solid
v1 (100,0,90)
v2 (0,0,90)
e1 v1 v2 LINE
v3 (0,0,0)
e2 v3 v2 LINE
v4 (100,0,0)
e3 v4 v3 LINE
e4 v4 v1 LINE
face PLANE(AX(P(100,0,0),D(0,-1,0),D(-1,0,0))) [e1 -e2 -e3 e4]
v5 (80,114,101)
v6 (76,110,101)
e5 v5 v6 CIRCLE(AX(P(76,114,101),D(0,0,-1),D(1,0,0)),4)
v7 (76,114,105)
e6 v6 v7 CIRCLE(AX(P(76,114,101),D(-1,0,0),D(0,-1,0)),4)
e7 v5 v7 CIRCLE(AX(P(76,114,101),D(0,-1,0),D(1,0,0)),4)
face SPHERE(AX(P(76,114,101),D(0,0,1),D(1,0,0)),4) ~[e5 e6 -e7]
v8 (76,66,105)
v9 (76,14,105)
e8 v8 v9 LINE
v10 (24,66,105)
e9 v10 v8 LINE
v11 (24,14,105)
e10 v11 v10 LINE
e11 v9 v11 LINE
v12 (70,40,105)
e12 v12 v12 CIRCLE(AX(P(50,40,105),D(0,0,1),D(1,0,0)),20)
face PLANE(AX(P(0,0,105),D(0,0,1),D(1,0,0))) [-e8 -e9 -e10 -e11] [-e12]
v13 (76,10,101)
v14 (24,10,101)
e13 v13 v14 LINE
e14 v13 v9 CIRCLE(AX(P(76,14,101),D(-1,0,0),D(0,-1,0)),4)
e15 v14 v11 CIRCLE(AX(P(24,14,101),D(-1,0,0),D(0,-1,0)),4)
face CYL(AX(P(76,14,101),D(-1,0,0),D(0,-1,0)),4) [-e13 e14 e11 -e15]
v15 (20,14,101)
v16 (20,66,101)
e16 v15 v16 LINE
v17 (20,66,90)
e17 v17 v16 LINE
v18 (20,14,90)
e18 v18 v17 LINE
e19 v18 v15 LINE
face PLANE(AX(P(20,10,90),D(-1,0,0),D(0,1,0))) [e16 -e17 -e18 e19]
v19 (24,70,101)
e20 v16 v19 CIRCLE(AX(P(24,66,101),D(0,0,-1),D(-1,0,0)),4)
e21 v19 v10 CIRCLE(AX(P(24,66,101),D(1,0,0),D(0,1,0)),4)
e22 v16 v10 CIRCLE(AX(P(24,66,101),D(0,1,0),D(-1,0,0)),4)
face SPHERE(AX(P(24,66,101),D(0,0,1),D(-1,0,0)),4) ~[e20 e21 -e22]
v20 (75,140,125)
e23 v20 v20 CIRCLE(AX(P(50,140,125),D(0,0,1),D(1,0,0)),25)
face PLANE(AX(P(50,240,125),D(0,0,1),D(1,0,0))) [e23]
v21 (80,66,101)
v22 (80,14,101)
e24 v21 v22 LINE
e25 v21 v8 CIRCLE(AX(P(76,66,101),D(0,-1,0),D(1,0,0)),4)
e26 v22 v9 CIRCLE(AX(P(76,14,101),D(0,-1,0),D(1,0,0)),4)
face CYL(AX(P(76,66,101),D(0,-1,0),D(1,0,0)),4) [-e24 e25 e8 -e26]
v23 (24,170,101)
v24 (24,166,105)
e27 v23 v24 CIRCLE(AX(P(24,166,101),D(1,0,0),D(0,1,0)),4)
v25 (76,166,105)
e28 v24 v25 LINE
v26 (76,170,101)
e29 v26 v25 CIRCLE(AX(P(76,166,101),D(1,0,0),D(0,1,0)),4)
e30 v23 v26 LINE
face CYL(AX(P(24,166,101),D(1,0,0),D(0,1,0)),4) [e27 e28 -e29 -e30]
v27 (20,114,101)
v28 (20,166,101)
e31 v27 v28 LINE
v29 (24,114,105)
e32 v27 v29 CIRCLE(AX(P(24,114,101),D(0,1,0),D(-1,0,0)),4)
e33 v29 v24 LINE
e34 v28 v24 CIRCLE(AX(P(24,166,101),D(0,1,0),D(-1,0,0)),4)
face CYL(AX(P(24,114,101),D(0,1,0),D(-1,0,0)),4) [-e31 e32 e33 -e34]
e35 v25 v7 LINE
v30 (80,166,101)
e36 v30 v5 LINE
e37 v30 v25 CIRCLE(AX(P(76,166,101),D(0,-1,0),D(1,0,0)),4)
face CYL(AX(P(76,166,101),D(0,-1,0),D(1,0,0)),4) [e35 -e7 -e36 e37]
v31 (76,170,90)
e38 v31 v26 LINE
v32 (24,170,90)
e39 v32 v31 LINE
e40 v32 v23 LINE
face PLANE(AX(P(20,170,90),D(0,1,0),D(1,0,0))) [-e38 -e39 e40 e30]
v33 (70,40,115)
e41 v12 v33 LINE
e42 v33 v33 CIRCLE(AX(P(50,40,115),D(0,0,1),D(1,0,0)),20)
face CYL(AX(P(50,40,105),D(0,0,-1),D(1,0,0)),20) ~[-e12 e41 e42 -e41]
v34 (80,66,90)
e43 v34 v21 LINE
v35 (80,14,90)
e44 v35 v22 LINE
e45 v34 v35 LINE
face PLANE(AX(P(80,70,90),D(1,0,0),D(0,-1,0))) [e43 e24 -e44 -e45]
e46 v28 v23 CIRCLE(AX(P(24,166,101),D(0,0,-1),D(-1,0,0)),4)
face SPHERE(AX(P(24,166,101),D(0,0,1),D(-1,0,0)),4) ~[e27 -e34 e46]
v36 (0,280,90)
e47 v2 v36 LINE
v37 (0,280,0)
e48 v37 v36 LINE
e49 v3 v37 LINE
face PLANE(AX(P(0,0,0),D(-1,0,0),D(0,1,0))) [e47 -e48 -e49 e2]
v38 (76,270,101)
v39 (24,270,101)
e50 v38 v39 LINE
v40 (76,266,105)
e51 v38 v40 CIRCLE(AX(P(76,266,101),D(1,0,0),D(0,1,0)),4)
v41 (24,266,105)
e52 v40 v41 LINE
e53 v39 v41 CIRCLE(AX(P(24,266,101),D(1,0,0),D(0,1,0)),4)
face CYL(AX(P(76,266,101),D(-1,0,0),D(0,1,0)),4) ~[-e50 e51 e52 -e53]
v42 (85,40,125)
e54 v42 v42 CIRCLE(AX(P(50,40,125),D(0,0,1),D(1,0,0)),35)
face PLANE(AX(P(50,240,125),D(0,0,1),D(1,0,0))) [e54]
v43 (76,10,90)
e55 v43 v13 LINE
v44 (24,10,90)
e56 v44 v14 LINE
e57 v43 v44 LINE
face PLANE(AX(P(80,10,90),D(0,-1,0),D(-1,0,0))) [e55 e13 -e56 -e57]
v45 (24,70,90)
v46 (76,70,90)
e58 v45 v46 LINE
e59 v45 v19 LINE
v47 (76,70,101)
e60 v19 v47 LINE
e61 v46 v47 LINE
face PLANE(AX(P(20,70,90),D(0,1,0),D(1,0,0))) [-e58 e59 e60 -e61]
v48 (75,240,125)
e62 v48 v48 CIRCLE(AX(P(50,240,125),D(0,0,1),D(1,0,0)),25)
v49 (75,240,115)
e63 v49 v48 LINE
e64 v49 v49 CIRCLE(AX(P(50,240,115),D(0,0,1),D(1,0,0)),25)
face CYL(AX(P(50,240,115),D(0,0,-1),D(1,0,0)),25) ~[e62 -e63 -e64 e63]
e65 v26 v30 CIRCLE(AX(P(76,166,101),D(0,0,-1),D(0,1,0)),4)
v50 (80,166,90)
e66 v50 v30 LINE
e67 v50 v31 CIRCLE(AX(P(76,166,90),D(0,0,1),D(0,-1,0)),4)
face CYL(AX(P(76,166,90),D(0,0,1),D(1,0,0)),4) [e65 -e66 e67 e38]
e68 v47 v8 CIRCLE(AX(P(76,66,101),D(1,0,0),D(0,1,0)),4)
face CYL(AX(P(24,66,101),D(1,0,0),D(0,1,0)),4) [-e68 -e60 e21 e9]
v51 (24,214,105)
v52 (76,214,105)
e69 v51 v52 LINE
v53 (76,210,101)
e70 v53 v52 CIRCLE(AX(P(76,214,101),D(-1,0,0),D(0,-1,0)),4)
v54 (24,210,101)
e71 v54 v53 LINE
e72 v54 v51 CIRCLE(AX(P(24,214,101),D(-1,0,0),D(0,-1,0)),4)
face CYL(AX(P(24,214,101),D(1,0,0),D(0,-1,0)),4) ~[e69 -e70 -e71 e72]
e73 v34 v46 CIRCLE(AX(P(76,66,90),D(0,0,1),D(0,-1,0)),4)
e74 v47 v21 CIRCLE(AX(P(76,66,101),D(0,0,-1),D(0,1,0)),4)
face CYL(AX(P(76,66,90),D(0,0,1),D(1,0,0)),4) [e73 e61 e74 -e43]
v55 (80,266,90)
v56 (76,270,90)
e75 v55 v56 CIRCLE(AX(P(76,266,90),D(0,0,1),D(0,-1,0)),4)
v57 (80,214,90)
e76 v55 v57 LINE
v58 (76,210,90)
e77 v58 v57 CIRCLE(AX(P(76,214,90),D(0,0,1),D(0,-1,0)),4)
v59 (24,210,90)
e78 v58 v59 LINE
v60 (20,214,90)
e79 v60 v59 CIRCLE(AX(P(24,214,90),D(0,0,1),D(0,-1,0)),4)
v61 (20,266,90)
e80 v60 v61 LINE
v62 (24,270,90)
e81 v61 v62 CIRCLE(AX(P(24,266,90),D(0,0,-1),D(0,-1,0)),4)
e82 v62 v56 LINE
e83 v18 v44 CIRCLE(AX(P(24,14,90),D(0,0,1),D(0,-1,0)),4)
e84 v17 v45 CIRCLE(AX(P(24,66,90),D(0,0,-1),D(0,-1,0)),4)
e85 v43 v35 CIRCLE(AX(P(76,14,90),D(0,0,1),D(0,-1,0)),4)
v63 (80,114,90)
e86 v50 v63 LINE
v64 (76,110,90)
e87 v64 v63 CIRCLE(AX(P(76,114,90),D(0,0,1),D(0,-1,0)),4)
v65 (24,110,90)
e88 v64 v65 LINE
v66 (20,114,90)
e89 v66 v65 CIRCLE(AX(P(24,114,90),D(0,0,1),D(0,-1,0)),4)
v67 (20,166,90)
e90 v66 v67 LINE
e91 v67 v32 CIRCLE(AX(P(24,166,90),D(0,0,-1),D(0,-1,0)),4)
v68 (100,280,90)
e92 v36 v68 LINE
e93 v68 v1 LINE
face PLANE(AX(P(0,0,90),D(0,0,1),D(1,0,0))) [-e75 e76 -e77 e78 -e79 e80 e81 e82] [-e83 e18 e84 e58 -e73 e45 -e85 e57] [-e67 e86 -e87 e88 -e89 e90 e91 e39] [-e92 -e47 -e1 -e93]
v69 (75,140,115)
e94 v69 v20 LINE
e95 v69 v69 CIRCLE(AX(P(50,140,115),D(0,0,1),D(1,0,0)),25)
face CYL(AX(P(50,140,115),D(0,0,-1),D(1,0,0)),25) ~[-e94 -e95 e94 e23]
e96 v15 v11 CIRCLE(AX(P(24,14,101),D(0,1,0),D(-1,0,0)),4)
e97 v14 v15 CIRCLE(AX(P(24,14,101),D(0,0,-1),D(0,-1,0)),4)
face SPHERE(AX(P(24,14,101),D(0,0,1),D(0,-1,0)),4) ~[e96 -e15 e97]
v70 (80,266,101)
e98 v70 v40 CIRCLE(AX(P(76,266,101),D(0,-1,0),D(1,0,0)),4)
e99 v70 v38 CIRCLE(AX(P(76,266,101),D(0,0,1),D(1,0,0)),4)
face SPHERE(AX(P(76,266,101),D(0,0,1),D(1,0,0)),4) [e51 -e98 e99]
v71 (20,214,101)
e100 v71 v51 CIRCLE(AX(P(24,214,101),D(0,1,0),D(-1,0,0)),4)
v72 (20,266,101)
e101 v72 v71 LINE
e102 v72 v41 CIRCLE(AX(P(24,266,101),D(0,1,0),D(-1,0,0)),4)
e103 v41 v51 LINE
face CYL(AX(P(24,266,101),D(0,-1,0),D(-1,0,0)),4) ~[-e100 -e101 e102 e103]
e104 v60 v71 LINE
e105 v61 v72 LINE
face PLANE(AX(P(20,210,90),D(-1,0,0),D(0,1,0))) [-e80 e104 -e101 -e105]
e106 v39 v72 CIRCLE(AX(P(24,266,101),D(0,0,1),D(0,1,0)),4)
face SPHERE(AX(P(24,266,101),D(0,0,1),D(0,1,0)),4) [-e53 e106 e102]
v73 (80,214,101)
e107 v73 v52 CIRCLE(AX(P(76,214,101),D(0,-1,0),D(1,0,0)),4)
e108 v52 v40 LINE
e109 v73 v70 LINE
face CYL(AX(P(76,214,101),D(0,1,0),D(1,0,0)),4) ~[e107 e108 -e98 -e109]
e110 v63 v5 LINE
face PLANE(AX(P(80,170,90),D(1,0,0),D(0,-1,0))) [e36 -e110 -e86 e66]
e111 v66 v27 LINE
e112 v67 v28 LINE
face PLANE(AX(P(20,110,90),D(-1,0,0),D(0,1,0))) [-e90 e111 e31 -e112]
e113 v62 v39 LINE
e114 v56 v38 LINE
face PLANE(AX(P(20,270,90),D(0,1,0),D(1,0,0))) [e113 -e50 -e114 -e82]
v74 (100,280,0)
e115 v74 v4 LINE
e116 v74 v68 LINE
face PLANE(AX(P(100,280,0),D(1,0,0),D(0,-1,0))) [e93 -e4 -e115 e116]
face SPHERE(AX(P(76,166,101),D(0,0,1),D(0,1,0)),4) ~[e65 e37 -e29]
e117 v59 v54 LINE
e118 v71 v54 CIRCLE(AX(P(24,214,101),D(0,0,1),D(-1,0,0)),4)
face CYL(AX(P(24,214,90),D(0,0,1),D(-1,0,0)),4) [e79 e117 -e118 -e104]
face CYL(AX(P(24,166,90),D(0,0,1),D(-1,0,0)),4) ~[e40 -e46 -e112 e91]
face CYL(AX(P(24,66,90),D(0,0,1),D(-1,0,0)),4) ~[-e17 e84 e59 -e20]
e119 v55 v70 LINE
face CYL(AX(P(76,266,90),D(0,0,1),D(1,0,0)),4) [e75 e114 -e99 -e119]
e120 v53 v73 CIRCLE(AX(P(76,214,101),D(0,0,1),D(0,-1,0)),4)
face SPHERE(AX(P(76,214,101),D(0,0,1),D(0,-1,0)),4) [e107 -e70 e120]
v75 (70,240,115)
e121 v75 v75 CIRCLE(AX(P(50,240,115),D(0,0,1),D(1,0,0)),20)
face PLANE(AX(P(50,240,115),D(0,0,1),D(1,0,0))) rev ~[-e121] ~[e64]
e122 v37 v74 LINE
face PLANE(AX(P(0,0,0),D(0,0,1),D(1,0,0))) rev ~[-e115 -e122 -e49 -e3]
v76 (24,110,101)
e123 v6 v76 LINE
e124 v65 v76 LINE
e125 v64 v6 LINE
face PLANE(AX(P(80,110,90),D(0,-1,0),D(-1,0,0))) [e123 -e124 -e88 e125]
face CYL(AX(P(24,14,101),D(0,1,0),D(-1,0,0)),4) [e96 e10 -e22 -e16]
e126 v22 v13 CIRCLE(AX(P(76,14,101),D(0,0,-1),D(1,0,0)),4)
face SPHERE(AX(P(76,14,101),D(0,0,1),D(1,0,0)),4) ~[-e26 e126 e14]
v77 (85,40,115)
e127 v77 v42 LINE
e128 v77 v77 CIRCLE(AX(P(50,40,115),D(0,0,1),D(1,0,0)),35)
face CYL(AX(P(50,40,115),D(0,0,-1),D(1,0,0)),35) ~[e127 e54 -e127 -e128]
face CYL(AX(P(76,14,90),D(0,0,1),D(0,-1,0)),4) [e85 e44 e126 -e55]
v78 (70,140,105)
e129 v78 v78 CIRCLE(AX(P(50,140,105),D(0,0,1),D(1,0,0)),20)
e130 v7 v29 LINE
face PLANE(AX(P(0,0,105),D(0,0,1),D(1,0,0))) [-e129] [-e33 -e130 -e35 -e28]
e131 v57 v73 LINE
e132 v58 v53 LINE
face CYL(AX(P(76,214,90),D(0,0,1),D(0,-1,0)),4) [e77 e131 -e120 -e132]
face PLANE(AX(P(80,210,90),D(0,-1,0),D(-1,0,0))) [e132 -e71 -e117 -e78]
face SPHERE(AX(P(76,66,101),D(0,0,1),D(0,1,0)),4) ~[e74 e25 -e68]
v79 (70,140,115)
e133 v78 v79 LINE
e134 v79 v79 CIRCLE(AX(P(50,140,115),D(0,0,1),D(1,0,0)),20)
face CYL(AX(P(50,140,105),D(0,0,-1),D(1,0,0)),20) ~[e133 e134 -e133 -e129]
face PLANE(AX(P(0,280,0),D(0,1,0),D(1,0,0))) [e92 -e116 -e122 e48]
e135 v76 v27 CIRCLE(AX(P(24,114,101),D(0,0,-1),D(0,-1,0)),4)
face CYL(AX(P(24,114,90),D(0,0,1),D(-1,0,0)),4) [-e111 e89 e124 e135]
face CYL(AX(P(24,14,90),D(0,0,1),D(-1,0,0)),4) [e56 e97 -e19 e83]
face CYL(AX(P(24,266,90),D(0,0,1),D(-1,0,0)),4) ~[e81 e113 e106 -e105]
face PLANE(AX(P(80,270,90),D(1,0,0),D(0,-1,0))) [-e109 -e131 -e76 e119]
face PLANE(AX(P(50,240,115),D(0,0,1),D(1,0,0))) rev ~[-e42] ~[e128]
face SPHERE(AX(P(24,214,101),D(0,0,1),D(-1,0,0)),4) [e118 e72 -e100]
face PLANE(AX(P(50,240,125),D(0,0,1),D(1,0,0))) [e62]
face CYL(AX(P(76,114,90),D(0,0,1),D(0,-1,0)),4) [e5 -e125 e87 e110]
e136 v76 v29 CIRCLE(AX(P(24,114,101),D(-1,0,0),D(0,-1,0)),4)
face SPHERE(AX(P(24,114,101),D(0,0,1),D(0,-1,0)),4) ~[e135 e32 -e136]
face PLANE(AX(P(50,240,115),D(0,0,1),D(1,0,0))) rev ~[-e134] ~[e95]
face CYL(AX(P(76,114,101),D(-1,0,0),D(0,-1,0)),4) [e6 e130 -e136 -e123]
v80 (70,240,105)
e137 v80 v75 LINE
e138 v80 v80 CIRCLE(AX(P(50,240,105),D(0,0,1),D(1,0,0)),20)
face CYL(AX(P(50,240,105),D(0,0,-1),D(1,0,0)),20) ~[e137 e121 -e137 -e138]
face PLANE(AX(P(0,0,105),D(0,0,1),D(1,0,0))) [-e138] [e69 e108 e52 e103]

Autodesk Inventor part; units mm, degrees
ref_plane "YZ Plane" through (0, 0, 0) normal (1, 0, 0) x (0, 1, 0)
ref_plane "XZ Plane" through (0, 0, 0) normal (0, 1, 0) x (-1, 0, 0)
ref_plane "XY Plane" through (0, 0, 0) normal (0, 0, 1) x (1, 0, 0)
sketch "Sketch1" plane through (0, 0, 0) normal (0, 0, 1) x (1, 0, 0)
  line L0 (0, 280) -> (100, 280)
  line L1 (100, 280) -> (100, 0)
  line L2 (100, 0) -> (0, 0)
  line L3 (0, 0) -> (0, 280)
  dimension "d0" = 280
  dimension "d1" = 100
extrude "Extrusion1" add sketch "Sketch1" along normal blind 90
sketch "Sketch2" plane through (0, 0, 90) normal (0, 0, 1) x (1, 0, 0)
  line L0 (20, 270) -> (80, 270)
  line L1 (80, 270) -> (80, 210)
  line L2 (80, 210) -> (20, 210)
  line L3 (20, 210) -> (20, 270)
  line L4 (20, 170) -> (80, 170)
  line L5 (80, 170) -> (80, 110)
  line L6 (80, 110) -> (20, 110)
  line L7 (20, 110) -> (20, 170)
  line L8 (20, 70) -> (80, 70)
  line L9 (80, 70) -> (80, 10)
  line L10 (80, 10) -> (20, 10)
  line L11 (20, 10) -> (20, 70)
  point P0 (0, 0)
  dimension "d4" = 20
  dimension "d5" = 80
  dimension "d6" = 270
  dimension "d7" = 210
  dimension "d8" = 10
  dimension "d9" = 70
  dimension "d10" = 110
  dimension "d11" = 170
extrude "Extrusion2" add sketch "Sketch2" along normal blind 15
fillet "Fillet1" radius 4 12 edges at (80, 270, 97.5) (80, 170, 97.5) (80, 70, 97.5) (80, 210, 97.5) (80, 110, 97.5) (80, 10, 97.5) (20, 270, 97.5) (20, 210, 97.5) (20, 170, 97.5) (20, 110, 97.5) (20, 70, 97.5) (20, 10, 97.5)
fillet "Fillet2" radius 4 24 edges at (78.8284, 268.8284, 105) (50, 270, 105) (21.1716, 268.8284, 105) (20, 240, 105) (21.1716, 211.1716, 105) (50, 210, 105) (78.8284, 211.1716, 105) (80, 240, 105) (21.1716, 168.8284, 105) (20, 140, 105) (21.1716, 111.1716, 105) (50, 110, 105) (78.8284, 111.1716, 105) (80, 140, 105) (78.8284, 168.8284, 105) (50, 170, 105) (21.1716, 68.8284, 105) (20, 40, 105) (21.1716, 11.1716, 105) (50, 10, 105) (78.8284, 11.1716, 105) (80, 40, 105) (78.8284, 68.8284, 105) (50, 70, 105)
sketch "Sketch3" plane through (0, 0, 105) normal (0, 0, 1) x (1, 0, 0)
  circle A0 centre (50, 240) radius 20
  line L0 (0, 336) -> (0, -56) projected
  circle A1 centre (50, 140) radius 20
  circle A2 centre (50, 40) radius 20
  point P0 (0, 0)
  dimension "d16" = 240
  dimension "d17" = 40
  dimension "d18" = 50
  dimension "d21" = 100
extrude "Extrusion3" add sketch "Sketch3" along normal blind 10
sketch "Sketch4" plane through (50, 240, 115) normal (0, 0, 1) x (1, 0, 0)
  circle A0 centre (0, 0) radius 20 projected
  circle A1 centre (0, 0) radius 25
  line L0 (-50, 96) -> (-50, -296) projected
  circle A2 centre (0, -100) radius 25
  circle A3 centre (0, -200) radius 35
  point P0 (-50, -240)
  dimension "d28" = 50
  dimension "d31" = 100
  dimension "d36" = 200
  dimension "d37" = 70
extrude "Extrusion4" add sketch "Sketch4" along normal blind 10 contours A0 | A1 | A2 | A3
properties part number "Botones"
